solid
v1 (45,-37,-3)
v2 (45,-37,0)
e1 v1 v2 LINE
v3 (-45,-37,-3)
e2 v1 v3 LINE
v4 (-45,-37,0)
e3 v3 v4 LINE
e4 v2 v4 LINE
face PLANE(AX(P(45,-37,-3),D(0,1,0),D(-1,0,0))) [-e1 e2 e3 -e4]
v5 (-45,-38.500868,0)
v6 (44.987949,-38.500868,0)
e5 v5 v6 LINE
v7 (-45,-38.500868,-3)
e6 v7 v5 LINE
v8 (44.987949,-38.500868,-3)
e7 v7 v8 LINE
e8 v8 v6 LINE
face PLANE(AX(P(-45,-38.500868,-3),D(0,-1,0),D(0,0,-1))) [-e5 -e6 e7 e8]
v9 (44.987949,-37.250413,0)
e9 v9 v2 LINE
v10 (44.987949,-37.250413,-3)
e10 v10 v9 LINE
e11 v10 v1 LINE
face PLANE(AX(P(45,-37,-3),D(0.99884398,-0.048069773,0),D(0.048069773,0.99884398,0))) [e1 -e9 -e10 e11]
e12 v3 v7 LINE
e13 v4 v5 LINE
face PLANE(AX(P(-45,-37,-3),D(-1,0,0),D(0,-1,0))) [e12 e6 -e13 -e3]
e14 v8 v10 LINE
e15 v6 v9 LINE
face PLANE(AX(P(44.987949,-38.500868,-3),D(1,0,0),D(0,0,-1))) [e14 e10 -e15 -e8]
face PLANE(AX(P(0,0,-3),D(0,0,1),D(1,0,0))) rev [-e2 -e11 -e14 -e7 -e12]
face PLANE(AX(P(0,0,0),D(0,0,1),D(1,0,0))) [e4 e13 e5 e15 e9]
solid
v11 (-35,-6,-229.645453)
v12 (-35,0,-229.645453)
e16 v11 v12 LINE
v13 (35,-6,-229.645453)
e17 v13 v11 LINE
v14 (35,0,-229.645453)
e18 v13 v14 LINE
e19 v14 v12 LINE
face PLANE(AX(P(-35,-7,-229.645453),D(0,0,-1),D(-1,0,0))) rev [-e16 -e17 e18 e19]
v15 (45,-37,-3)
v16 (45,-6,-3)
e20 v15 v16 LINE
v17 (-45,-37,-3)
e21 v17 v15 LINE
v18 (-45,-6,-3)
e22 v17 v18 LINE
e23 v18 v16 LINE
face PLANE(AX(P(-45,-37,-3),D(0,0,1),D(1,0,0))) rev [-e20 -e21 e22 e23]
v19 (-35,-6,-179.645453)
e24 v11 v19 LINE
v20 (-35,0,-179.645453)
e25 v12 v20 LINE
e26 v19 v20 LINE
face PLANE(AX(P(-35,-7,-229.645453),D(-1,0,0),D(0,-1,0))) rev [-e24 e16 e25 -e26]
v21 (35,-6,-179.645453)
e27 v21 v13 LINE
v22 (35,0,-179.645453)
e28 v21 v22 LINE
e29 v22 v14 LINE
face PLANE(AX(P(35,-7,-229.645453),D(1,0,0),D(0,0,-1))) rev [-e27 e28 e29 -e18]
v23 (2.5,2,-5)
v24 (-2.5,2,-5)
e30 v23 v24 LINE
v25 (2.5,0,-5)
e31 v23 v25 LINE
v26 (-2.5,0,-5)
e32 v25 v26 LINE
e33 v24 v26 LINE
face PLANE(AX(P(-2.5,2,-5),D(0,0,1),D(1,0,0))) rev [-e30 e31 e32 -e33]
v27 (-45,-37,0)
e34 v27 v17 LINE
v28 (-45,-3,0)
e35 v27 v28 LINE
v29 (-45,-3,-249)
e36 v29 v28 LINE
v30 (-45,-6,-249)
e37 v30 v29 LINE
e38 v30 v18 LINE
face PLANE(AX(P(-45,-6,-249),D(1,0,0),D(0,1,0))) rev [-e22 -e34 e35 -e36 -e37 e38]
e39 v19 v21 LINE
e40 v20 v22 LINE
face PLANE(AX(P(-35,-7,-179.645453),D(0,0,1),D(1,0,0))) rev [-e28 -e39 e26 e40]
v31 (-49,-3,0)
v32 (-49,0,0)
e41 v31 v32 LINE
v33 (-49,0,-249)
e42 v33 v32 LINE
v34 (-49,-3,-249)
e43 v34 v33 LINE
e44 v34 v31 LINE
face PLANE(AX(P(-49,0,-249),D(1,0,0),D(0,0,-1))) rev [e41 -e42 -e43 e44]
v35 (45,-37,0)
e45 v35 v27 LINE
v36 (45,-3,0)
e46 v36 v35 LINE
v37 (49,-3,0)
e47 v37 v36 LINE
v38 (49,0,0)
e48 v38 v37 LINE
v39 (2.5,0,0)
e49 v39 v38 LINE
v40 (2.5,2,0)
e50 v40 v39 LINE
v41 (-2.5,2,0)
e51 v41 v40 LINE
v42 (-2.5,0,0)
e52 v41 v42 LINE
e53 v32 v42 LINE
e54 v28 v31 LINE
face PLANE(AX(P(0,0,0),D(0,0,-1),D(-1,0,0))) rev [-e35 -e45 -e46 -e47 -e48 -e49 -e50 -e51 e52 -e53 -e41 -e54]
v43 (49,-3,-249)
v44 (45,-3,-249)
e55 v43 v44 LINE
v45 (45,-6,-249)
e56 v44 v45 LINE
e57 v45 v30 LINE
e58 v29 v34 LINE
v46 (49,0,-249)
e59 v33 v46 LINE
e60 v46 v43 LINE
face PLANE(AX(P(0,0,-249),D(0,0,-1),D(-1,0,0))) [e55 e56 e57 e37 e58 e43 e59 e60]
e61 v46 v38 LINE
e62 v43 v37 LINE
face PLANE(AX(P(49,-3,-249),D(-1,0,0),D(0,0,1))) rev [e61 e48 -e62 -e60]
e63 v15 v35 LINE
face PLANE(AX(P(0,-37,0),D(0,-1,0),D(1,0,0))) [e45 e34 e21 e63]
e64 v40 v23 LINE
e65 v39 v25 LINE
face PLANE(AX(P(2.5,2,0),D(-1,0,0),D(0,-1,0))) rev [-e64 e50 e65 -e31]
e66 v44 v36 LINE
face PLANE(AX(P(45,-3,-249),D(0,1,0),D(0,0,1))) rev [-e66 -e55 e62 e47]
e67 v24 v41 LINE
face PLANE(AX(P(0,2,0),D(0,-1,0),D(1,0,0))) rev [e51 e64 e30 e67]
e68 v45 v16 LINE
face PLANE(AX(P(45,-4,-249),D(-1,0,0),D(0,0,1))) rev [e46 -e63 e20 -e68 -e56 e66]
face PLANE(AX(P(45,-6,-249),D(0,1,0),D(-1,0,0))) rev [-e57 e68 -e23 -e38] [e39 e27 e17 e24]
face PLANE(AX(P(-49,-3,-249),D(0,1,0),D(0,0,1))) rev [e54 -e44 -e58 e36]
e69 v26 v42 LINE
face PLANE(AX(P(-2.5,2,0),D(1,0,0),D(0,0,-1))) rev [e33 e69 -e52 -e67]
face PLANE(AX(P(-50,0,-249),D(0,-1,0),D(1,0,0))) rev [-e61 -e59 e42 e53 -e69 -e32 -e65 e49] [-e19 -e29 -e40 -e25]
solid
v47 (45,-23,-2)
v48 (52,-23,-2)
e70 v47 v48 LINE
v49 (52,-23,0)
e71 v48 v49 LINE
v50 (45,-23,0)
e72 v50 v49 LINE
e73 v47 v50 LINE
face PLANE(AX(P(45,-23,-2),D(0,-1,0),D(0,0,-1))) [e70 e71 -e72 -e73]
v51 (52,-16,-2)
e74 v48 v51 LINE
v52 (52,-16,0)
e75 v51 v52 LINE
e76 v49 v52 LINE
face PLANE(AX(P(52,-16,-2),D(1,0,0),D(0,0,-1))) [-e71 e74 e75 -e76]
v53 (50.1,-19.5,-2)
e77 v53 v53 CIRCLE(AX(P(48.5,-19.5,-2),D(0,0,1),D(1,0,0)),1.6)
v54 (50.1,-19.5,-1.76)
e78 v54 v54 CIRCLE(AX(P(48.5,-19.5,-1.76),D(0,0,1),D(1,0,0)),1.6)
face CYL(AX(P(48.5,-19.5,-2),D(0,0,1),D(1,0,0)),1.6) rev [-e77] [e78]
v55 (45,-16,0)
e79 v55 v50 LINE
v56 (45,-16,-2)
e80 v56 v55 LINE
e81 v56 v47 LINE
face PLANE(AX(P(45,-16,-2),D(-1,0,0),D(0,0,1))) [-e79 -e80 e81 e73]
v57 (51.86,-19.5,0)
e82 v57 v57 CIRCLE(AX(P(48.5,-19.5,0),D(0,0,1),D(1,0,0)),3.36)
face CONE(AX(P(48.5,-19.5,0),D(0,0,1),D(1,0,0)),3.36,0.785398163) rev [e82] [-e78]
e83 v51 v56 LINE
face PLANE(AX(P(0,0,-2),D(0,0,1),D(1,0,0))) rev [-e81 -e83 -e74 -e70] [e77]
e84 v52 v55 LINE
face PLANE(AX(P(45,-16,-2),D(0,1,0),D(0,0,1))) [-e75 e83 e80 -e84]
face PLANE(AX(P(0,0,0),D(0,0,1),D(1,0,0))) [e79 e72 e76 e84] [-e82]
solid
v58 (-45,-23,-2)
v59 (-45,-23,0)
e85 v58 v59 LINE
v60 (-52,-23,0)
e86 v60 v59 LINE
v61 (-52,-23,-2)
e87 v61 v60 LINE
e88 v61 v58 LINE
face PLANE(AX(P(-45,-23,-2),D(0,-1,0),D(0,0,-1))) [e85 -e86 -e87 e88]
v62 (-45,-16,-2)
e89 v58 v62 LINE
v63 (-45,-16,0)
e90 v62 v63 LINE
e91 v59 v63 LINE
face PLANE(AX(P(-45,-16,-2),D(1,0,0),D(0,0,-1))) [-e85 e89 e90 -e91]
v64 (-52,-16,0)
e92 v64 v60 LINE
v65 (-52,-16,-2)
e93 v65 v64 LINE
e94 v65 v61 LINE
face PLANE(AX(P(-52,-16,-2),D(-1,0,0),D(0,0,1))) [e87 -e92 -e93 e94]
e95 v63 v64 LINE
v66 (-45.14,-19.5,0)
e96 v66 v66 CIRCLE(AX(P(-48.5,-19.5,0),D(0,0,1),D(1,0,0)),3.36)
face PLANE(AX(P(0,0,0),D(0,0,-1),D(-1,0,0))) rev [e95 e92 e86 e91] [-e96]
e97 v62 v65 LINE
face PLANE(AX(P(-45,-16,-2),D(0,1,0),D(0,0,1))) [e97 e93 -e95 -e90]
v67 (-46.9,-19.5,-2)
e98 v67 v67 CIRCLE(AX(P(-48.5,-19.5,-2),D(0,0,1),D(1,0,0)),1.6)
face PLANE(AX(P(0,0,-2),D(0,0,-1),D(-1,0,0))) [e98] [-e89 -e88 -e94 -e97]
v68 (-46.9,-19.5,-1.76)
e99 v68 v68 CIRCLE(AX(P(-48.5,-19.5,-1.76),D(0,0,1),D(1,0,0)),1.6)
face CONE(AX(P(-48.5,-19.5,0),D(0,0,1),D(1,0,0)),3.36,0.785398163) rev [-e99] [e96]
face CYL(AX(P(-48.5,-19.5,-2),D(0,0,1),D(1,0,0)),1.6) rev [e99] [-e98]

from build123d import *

# Parameters (mm, degrees)
BOSS_EXTRUDE1_DEPTH                          = 249
SKETCH4_W                                    = 90
SKETCH4_H                                    = 3
BOSS_EXTRUDE2_DEPTH                          = 31
SKETCH5_W                                    = 70
SKETCH5_H                                    = 50
CUT_EXTRUDE1_DEPTH                           = 7
SKETCH6_W                                    = 7
SKETCH6_H                                    = 7
SKETCH6_R                                    = 1.6
BOSS_EXTRUDE3_DEPTH                          = 2
BOSS_EXTRUDE3_2_DEPTH                        = 2
BOSS_EXTRUDE4_DEPTH                          = 3
SKETCH8_W                                    = 5
SKETCH8_H                                    = 5
BOSS_EXTRUDE5_DEPTH                          = 2
CUT_EXTRUDE2_DEPTH                           = 250
CSK_FOR_M3_HEX_SOCKET_COUNTERSUNK_CA_2_COUNT = 2
CSK_FOR_M3_HEX_SOCKET_COUNTERSUNK_CA_2_PITCH = 97


with BuildPart() as part:
    # Sketch2 → Boss-Extrude1 (new body)
    with BuildSketch(Plane.XY):
        Polygon((-50, 0), (50, 0), (50, -4), (45, -4), (45, -6), (-45, -6), (-45, -4), (-50, -4), align=None)
    extrude(amount=-BOSS_EXTRUDE1_DEPTH)

    # Sketch4 → Boss-Extrude2 (add)
    with BuildSketch(Plane.XZ.offset(6)):
        with Locations((0, -1.5)):
            Rectangle(SKETCH4_W, SKETCH4_H)
    extrude(amount=BOSS_EXTRUDE2_DEPTH)

    # Sketch5 → Cut-Extrude1 (cut)
    with BuildSketch(Plane(origin=(0, 0, 0), x_dir=(1, 0, 0), z_dir=(0, 1, 0))):
        with Locations((0, 204.645453138)):
            Rectangle(SKETCH5_W, SKETCH5_H)
    extrude(amount=-CUT_EXTRUDE1_DEPTH, mode=Mode.SUBTRACT)

    # Sketch8 → Boss-Extrude5 (add)
    with BuildSketch(Plane(origin=(0, 0, 0), x_dir=(1, 0, 0), z_dir=(0, 1, 0))):
        with Locations((0, 2.5)):
            Rectangle(SKETCH8_W, SKETCH8_H)
    extrude(amount=BOSS_EXTRUDE5_DEPTH)

    # Sketch9 → Cut-Extrude2 (cut, through all)
    with BuildSketch(Plane.XY):
        Polygon((-49, 0), (-49, -3), (-45, -3), (-45, -4), (-50, -4), (-50, 0), align=None)
        Polygon((49, 0), (50, 0), (50, -4), (45, -4), (45, -3), (49, -3), align=None)
    extrude(amount=-CUT_EXTRUDE2_DEPTH, mode=Mode.SUBTRACT)


with BuildPart() as body_2:
    # Sketch6 → Boss-Extrude3 (new body)
    with BuildSketch(Plane.XY):
        with Locations((-48.5, -19.5)):
            Rectangle(SKETCH6_W, SKETCH6_H)
        with Locations((-48.5, -19.5)):
            Circle(SKETCH6_R, mode=Mode.SUBTRACT)
    extrude(amount=-BOSS_EXTRUDE3_DEPTH)

    # Sketch13 → CSK for M3 Hex Socket Countersunk Cap Screw1 (revolve, cut)
    with BuildSketch(Plane(origin=(-48.5, -19.5, 0), x_dir=(0, -1, 0), z_dir=(1, 0, 0))):
        Polygon((0, 0), (0, 6.2), (1.6, 5.23862301), (1.6, 1.76), (3.36, 0), align=None)
    csk_for_m3_hex_socket_countersunk_cap_sc = revolve(axis=Axis((-48.5, -19.5, 6.35), (0, 0, -1)), mode=Mode.SUBTRACT)


with BuildPart() as body_3:
    # Sketch6 → Boss-Extrude3 2 (new body)
    with BuildSketch(Plane.XY):
        with Locations((48.5, -19.5)):
            Rectangle(SKETCH6_W, SKETCH6_H)
        with Locations((48.5, -19.5)):
            Circle(SKETCH6_R, mode=Mode.SUBTRACT)
    extrude(amount=-BOSS_EXTRUDE3_2_DEPTH)

    # CSK for M3 Hex Socket Countersunk Ca 2: CSK for M3 Hex Socket Countersunk Cap Screw1 ×2
    with Locations(*[(i * CSK_FOR_M3_HEX_SOCKET_COUNTERSUNK_CA_2_PITCH, 0, 0) for i in range(1, CSK_FOR_M3_HEX_SOCKET_COUNTERSUNK_CA_2_COUNT)]):
        add(csk_for_m3_hex_socket_countersunk_cap_sc, mode=Mode.SUBTRACT)


with BuildPart() as body_4:
    # Sketch7 → Boss-Extrude4 (new body)
    with BuildSketch(Plane.XY):
        Polygon((-45, -37), (-45, -38.500868281), (44.987948755, -38.500868281), (44.987948755, -37.250413364), (45, -37), align=None)
    extrude(amount=-BOSS_EXTRUDE4_DEPTH)


solid = Compound([part.part, body_2.part, body_3.part, body_4.part])
